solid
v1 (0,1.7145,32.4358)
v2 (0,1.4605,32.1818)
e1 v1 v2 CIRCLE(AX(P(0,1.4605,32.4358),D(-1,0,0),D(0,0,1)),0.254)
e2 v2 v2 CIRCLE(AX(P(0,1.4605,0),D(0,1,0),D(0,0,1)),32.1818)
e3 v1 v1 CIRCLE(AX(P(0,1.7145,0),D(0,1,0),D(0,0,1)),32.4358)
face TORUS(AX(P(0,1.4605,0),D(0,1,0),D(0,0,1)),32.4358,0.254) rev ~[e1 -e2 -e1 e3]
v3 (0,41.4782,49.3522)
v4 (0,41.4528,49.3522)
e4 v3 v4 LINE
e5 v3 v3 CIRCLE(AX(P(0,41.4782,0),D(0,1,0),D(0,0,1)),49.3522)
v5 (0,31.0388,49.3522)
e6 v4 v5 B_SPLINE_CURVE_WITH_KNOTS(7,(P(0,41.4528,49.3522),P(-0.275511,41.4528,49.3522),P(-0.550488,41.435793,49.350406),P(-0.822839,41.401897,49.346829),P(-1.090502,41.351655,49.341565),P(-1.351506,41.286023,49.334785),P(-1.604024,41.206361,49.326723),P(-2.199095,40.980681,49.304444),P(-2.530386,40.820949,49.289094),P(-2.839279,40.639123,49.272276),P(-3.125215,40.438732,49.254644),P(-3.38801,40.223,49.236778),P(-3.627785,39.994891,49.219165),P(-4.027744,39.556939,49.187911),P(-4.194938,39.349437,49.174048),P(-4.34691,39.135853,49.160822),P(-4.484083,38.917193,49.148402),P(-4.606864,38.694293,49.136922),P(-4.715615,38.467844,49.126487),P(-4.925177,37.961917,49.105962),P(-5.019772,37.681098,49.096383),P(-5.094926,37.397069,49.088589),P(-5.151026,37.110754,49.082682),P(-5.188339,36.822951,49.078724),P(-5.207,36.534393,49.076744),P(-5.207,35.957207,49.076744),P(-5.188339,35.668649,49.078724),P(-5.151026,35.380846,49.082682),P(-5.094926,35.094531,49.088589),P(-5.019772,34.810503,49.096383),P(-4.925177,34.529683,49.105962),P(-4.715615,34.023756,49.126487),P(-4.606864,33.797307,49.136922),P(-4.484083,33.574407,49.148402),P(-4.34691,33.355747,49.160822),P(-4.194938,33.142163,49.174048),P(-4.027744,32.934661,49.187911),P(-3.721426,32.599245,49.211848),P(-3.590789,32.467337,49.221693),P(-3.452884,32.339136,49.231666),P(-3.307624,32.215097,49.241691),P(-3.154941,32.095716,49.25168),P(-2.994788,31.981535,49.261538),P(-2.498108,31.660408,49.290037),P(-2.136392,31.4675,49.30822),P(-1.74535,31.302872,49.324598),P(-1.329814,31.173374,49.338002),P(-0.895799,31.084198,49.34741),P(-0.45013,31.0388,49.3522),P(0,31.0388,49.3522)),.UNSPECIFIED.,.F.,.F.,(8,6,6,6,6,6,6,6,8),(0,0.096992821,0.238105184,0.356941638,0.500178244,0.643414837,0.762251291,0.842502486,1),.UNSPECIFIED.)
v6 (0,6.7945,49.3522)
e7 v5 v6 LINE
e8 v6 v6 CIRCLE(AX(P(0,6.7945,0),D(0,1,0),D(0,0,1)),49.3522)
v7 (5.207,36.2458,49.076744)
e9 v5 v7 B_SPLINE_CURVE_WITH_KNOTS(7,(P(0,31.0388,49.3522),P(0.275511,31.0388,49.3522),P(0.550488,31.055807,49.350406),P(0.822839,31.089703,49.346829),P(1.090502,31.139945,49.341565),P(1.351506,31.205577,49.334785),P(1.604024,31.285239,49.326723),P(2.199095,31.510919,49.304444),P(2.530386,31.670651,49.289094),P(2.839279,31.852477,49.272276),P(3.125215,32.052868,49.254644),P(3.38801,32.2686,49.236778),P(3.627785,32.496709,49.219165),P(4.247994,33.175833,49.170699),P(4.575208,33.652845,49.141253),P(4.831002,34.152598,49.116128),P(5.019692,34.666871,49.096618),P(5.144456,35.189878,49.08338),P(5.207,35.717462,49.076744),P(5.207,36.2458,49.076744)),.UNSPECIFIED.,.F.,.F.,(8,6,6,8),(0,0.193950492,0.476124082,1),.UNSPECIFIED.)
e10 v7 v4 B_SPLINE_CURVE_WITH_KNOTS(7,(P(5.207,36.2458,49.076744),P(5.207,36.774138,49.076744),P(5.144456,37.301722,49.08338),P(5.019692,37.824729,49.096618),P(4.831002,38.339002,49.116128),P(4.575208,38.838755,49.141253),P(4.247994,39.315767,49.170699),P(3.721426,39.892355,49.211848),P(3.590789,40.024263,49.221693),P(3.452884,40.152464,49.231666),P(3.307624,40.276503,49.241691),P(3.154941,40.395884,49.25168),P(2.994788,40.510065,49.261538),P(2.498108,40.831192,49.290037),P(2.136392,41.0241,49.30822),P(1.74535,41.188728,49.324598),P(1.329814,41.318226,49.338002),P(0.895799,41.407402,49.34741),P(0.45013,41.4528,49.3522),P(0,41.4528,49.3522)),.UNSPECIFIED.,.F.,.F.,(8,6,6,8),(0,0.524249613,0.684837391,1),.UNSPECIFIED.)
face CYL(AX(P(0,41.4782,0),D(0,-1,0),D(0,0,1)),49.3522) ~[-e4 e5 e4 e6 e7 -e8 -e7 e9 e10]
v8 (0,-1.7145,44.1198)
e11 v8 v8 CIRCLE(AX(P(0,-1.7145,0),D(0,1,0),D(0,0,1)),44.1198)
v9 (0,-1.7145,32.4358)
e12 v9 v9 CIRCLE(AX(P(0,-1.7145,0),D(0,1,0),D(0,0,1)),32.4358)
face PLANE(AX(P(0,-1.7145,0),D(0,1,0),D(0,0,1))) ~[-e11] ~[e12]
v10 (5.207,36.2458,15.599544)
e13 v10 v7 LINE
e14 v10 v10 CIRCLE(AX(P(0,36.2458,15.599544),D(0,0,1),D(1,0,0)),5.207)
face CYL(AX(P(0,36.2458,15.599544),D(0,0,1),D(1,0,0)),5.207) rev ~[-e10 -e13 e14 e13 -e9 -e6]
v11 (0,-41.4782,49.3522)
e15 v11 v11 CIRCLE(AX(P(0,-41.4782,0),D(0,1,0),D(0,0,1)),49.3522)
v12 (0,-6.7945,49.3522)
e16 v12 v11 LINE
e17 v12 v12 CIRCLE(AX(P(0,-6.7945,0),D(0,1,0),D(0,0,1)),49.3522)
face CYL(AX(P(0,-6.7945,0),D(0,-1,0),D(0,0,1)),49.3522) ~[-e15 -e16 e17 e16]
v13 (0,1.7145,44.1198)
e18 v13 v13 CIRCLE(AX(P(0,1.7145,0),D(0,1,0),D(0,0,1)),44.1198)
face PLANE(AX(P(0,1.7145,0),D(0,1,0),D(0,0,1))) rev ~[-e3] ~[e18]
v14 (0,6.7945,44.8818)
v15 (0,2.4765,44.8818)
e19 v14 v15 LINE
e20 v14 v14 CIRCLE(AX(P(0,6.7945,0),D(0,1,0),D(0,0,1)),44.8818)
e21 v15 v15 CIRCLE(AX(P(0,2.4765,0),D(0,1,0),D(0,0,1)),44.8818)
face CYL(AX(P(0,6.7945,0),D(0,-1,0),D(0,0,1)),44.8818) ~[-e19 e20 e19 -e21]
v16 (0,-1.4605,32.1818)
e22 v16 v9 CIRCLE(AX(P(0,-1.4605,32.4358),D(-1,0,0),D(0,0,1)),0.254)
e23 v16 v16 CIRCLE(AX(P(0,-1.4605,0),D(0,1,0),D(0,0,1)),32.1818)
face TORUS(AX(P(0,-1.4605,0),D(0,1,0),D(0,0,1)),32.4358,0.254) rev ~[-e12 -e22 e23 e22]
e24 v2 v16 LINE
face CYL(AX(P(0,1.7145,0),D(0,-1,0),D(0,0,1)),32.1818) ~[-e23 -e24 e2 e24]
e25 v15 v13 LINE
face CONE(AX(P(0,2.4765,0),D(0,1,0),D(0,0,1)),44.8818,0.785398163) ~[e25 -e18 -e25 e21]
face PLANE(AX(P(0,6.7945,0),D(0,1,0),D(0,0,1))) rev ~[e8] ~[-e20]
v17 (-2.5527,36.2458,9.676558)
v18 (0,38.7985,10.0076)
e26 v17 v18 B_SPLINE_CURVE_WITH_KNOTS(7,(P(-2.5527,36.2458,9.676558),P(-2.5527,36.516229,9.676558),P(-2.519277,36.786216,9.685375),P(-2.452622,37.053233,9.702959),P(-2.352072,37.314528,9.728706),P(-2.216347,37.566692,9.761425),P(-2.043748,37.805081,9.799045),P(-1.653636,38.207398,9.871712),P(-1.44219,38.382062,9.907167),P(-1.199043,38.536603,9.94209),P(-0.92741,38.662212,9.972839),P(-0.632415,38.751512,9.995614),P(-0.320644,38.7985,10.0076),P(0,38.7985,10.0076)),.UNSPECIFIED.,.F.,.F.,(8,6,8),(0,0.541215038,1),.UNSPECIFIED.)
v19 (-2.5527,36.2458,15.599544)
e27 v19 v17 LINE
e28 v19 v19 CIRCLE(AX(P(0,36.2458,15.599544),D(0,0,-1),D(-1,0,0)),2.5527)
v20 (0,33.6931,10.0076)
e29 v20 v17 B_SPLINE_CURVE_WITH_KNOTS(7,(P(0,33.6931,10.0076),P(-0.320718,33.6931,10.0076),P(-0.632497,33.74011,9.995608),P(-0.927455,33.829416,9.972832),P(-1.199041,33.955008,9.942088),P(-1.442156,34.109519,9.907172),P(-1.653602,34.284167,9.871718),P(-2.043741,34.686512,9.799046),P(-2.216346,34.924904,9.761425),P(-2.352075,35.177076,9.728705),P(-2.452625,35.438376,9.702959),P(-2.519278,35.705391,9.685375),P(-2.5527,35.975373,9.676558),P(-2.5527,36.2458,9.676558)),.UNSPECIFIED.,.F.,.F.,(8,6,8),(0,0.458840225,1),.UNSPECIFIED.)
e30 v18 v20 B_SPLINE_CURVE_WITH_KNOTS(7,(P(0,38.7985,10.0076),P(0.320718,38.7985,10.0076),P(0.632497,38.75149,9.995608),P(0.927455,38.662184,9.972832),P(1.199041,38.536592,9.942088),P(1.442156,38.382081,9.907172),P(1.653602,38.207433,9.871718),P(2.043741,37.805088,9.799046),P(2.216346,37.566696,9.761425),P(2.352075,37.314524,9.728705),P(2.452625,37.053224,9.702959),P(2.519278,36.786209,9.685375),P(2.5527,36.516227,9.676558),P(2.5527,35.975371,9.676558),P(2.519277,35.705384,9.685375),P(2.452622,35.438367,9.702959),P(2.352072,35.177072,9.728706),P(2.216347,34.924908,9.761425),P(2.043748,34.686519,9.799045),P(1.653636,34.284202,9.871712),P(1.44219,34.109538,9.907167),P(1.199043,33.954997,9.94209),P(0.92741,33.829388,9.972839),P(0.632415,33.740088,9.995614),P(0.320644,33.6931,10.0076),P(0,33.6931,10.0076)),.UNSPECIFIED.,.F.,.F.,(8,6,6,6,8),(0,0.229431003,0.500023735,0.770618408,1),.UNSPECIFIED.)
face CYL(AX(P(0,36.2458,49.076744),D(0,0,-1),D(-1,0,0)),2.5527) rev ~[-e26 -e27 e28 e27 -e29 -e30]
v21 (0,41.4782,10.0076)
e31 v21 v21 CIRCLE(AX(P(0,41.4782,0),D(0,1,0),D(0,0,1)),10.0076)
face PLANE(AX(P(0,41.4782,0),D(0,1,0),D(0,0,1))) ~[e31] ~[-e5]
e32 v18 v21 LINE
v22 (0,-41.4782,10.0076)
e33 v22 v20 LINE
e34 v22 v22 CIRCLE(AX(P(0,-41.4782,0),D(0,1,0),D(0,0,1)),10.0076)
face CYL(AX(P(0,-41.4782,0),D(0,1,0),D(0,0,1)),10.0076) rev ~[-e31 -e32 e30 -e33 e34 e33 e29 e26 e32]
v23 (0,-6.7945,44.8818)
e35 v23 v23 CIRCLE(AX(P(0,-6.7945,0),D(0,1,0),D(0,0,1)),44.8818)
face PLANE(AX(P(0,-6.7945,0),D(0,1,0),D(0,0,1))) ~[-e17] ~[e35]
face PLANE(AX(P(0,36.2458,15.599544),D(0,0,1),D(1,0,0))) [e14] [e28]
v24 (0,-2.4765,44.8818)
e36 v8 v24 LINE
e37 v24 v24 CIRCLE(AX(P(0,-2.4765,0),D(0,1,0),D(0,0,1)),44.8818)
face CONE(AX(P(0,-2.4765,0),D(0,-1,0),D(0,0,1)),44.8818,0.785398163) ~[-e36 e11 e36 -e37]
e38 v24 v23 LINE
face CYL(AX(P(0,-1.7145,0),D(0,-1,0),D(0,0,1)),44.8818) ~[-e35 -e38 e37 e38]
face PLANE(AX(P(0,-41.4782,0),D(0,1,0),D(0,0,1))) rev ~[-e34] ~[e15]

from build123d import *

# Parameters (mm, degrees)
F2_SIZE        = 0.762
F3_R           = 0.254
F6_D           = 5.1054
F6_DEPTH       = 49.3522
F6_START       = 0.2754562
F6_CBORE_D     = 10.414
F6_CBORE_DEPTH = 33.4772
F6_TIP         = 1.5338169022


with BuildPart() as f1:
    # F0 (on Right) → F1 (revolve)
    with BuildSketch(Plane.YZ):
        Polygon((-41.4782, 10.0076), (0, 10.0076), (41.4782, 10.0076), (41.4782, 49.3522), (6.7945, 49.3522), (6.7945, 44.8818), (1.7145, 44.8818), (1.7145, 32.1818), (-1.7145, 32.1818), (-1.7145, 44.8818), (-6.7945, 44.8818), (-6.7945, 49.3522), (-41.4782, 49.3522), align=None)
    revolve(axis=Axis((0, -0.9843776588, 0), (0, 1, 0)))

    # F2
    f2_edges = [f1.edges().sort_by_distance(p)[0] for p in [
        (0, 1.7145, -44.8818),
        (0, -1.7145, -44.8818),
    ]]
    chamfer(f2_edges, length=F2_SIZE)

    # F3
    f3_edges = [f1.edges().sort_by_distance(p)[0] for p in [
        (0, -1.7145, -32.1818),
        (0, 1.7145, -32.1818),
    ]]
    fillet(f3_edges, radius=F3_R)

    # F6
    # its depths count from where the whole tool has entered the part; down to there all is cleared
    with Locations(Plane.XY.offset(49.3522).offset(-F6_START)):
        with Locations((0, 36.2458)):
            CounterBoreHole(F6_D / 2, F6_CBORE_D / 2, F6_CBORE_DEPTH, depth=F6_DEPTH)
            with Locations((0, 0, -(F6_DEPTH + F6_TIP / 2))):  # 118° drill point
                Cone(0, F6_D / 2, F6_TIP, mode=Mode.SUBTRACT)


solid = f1.part
